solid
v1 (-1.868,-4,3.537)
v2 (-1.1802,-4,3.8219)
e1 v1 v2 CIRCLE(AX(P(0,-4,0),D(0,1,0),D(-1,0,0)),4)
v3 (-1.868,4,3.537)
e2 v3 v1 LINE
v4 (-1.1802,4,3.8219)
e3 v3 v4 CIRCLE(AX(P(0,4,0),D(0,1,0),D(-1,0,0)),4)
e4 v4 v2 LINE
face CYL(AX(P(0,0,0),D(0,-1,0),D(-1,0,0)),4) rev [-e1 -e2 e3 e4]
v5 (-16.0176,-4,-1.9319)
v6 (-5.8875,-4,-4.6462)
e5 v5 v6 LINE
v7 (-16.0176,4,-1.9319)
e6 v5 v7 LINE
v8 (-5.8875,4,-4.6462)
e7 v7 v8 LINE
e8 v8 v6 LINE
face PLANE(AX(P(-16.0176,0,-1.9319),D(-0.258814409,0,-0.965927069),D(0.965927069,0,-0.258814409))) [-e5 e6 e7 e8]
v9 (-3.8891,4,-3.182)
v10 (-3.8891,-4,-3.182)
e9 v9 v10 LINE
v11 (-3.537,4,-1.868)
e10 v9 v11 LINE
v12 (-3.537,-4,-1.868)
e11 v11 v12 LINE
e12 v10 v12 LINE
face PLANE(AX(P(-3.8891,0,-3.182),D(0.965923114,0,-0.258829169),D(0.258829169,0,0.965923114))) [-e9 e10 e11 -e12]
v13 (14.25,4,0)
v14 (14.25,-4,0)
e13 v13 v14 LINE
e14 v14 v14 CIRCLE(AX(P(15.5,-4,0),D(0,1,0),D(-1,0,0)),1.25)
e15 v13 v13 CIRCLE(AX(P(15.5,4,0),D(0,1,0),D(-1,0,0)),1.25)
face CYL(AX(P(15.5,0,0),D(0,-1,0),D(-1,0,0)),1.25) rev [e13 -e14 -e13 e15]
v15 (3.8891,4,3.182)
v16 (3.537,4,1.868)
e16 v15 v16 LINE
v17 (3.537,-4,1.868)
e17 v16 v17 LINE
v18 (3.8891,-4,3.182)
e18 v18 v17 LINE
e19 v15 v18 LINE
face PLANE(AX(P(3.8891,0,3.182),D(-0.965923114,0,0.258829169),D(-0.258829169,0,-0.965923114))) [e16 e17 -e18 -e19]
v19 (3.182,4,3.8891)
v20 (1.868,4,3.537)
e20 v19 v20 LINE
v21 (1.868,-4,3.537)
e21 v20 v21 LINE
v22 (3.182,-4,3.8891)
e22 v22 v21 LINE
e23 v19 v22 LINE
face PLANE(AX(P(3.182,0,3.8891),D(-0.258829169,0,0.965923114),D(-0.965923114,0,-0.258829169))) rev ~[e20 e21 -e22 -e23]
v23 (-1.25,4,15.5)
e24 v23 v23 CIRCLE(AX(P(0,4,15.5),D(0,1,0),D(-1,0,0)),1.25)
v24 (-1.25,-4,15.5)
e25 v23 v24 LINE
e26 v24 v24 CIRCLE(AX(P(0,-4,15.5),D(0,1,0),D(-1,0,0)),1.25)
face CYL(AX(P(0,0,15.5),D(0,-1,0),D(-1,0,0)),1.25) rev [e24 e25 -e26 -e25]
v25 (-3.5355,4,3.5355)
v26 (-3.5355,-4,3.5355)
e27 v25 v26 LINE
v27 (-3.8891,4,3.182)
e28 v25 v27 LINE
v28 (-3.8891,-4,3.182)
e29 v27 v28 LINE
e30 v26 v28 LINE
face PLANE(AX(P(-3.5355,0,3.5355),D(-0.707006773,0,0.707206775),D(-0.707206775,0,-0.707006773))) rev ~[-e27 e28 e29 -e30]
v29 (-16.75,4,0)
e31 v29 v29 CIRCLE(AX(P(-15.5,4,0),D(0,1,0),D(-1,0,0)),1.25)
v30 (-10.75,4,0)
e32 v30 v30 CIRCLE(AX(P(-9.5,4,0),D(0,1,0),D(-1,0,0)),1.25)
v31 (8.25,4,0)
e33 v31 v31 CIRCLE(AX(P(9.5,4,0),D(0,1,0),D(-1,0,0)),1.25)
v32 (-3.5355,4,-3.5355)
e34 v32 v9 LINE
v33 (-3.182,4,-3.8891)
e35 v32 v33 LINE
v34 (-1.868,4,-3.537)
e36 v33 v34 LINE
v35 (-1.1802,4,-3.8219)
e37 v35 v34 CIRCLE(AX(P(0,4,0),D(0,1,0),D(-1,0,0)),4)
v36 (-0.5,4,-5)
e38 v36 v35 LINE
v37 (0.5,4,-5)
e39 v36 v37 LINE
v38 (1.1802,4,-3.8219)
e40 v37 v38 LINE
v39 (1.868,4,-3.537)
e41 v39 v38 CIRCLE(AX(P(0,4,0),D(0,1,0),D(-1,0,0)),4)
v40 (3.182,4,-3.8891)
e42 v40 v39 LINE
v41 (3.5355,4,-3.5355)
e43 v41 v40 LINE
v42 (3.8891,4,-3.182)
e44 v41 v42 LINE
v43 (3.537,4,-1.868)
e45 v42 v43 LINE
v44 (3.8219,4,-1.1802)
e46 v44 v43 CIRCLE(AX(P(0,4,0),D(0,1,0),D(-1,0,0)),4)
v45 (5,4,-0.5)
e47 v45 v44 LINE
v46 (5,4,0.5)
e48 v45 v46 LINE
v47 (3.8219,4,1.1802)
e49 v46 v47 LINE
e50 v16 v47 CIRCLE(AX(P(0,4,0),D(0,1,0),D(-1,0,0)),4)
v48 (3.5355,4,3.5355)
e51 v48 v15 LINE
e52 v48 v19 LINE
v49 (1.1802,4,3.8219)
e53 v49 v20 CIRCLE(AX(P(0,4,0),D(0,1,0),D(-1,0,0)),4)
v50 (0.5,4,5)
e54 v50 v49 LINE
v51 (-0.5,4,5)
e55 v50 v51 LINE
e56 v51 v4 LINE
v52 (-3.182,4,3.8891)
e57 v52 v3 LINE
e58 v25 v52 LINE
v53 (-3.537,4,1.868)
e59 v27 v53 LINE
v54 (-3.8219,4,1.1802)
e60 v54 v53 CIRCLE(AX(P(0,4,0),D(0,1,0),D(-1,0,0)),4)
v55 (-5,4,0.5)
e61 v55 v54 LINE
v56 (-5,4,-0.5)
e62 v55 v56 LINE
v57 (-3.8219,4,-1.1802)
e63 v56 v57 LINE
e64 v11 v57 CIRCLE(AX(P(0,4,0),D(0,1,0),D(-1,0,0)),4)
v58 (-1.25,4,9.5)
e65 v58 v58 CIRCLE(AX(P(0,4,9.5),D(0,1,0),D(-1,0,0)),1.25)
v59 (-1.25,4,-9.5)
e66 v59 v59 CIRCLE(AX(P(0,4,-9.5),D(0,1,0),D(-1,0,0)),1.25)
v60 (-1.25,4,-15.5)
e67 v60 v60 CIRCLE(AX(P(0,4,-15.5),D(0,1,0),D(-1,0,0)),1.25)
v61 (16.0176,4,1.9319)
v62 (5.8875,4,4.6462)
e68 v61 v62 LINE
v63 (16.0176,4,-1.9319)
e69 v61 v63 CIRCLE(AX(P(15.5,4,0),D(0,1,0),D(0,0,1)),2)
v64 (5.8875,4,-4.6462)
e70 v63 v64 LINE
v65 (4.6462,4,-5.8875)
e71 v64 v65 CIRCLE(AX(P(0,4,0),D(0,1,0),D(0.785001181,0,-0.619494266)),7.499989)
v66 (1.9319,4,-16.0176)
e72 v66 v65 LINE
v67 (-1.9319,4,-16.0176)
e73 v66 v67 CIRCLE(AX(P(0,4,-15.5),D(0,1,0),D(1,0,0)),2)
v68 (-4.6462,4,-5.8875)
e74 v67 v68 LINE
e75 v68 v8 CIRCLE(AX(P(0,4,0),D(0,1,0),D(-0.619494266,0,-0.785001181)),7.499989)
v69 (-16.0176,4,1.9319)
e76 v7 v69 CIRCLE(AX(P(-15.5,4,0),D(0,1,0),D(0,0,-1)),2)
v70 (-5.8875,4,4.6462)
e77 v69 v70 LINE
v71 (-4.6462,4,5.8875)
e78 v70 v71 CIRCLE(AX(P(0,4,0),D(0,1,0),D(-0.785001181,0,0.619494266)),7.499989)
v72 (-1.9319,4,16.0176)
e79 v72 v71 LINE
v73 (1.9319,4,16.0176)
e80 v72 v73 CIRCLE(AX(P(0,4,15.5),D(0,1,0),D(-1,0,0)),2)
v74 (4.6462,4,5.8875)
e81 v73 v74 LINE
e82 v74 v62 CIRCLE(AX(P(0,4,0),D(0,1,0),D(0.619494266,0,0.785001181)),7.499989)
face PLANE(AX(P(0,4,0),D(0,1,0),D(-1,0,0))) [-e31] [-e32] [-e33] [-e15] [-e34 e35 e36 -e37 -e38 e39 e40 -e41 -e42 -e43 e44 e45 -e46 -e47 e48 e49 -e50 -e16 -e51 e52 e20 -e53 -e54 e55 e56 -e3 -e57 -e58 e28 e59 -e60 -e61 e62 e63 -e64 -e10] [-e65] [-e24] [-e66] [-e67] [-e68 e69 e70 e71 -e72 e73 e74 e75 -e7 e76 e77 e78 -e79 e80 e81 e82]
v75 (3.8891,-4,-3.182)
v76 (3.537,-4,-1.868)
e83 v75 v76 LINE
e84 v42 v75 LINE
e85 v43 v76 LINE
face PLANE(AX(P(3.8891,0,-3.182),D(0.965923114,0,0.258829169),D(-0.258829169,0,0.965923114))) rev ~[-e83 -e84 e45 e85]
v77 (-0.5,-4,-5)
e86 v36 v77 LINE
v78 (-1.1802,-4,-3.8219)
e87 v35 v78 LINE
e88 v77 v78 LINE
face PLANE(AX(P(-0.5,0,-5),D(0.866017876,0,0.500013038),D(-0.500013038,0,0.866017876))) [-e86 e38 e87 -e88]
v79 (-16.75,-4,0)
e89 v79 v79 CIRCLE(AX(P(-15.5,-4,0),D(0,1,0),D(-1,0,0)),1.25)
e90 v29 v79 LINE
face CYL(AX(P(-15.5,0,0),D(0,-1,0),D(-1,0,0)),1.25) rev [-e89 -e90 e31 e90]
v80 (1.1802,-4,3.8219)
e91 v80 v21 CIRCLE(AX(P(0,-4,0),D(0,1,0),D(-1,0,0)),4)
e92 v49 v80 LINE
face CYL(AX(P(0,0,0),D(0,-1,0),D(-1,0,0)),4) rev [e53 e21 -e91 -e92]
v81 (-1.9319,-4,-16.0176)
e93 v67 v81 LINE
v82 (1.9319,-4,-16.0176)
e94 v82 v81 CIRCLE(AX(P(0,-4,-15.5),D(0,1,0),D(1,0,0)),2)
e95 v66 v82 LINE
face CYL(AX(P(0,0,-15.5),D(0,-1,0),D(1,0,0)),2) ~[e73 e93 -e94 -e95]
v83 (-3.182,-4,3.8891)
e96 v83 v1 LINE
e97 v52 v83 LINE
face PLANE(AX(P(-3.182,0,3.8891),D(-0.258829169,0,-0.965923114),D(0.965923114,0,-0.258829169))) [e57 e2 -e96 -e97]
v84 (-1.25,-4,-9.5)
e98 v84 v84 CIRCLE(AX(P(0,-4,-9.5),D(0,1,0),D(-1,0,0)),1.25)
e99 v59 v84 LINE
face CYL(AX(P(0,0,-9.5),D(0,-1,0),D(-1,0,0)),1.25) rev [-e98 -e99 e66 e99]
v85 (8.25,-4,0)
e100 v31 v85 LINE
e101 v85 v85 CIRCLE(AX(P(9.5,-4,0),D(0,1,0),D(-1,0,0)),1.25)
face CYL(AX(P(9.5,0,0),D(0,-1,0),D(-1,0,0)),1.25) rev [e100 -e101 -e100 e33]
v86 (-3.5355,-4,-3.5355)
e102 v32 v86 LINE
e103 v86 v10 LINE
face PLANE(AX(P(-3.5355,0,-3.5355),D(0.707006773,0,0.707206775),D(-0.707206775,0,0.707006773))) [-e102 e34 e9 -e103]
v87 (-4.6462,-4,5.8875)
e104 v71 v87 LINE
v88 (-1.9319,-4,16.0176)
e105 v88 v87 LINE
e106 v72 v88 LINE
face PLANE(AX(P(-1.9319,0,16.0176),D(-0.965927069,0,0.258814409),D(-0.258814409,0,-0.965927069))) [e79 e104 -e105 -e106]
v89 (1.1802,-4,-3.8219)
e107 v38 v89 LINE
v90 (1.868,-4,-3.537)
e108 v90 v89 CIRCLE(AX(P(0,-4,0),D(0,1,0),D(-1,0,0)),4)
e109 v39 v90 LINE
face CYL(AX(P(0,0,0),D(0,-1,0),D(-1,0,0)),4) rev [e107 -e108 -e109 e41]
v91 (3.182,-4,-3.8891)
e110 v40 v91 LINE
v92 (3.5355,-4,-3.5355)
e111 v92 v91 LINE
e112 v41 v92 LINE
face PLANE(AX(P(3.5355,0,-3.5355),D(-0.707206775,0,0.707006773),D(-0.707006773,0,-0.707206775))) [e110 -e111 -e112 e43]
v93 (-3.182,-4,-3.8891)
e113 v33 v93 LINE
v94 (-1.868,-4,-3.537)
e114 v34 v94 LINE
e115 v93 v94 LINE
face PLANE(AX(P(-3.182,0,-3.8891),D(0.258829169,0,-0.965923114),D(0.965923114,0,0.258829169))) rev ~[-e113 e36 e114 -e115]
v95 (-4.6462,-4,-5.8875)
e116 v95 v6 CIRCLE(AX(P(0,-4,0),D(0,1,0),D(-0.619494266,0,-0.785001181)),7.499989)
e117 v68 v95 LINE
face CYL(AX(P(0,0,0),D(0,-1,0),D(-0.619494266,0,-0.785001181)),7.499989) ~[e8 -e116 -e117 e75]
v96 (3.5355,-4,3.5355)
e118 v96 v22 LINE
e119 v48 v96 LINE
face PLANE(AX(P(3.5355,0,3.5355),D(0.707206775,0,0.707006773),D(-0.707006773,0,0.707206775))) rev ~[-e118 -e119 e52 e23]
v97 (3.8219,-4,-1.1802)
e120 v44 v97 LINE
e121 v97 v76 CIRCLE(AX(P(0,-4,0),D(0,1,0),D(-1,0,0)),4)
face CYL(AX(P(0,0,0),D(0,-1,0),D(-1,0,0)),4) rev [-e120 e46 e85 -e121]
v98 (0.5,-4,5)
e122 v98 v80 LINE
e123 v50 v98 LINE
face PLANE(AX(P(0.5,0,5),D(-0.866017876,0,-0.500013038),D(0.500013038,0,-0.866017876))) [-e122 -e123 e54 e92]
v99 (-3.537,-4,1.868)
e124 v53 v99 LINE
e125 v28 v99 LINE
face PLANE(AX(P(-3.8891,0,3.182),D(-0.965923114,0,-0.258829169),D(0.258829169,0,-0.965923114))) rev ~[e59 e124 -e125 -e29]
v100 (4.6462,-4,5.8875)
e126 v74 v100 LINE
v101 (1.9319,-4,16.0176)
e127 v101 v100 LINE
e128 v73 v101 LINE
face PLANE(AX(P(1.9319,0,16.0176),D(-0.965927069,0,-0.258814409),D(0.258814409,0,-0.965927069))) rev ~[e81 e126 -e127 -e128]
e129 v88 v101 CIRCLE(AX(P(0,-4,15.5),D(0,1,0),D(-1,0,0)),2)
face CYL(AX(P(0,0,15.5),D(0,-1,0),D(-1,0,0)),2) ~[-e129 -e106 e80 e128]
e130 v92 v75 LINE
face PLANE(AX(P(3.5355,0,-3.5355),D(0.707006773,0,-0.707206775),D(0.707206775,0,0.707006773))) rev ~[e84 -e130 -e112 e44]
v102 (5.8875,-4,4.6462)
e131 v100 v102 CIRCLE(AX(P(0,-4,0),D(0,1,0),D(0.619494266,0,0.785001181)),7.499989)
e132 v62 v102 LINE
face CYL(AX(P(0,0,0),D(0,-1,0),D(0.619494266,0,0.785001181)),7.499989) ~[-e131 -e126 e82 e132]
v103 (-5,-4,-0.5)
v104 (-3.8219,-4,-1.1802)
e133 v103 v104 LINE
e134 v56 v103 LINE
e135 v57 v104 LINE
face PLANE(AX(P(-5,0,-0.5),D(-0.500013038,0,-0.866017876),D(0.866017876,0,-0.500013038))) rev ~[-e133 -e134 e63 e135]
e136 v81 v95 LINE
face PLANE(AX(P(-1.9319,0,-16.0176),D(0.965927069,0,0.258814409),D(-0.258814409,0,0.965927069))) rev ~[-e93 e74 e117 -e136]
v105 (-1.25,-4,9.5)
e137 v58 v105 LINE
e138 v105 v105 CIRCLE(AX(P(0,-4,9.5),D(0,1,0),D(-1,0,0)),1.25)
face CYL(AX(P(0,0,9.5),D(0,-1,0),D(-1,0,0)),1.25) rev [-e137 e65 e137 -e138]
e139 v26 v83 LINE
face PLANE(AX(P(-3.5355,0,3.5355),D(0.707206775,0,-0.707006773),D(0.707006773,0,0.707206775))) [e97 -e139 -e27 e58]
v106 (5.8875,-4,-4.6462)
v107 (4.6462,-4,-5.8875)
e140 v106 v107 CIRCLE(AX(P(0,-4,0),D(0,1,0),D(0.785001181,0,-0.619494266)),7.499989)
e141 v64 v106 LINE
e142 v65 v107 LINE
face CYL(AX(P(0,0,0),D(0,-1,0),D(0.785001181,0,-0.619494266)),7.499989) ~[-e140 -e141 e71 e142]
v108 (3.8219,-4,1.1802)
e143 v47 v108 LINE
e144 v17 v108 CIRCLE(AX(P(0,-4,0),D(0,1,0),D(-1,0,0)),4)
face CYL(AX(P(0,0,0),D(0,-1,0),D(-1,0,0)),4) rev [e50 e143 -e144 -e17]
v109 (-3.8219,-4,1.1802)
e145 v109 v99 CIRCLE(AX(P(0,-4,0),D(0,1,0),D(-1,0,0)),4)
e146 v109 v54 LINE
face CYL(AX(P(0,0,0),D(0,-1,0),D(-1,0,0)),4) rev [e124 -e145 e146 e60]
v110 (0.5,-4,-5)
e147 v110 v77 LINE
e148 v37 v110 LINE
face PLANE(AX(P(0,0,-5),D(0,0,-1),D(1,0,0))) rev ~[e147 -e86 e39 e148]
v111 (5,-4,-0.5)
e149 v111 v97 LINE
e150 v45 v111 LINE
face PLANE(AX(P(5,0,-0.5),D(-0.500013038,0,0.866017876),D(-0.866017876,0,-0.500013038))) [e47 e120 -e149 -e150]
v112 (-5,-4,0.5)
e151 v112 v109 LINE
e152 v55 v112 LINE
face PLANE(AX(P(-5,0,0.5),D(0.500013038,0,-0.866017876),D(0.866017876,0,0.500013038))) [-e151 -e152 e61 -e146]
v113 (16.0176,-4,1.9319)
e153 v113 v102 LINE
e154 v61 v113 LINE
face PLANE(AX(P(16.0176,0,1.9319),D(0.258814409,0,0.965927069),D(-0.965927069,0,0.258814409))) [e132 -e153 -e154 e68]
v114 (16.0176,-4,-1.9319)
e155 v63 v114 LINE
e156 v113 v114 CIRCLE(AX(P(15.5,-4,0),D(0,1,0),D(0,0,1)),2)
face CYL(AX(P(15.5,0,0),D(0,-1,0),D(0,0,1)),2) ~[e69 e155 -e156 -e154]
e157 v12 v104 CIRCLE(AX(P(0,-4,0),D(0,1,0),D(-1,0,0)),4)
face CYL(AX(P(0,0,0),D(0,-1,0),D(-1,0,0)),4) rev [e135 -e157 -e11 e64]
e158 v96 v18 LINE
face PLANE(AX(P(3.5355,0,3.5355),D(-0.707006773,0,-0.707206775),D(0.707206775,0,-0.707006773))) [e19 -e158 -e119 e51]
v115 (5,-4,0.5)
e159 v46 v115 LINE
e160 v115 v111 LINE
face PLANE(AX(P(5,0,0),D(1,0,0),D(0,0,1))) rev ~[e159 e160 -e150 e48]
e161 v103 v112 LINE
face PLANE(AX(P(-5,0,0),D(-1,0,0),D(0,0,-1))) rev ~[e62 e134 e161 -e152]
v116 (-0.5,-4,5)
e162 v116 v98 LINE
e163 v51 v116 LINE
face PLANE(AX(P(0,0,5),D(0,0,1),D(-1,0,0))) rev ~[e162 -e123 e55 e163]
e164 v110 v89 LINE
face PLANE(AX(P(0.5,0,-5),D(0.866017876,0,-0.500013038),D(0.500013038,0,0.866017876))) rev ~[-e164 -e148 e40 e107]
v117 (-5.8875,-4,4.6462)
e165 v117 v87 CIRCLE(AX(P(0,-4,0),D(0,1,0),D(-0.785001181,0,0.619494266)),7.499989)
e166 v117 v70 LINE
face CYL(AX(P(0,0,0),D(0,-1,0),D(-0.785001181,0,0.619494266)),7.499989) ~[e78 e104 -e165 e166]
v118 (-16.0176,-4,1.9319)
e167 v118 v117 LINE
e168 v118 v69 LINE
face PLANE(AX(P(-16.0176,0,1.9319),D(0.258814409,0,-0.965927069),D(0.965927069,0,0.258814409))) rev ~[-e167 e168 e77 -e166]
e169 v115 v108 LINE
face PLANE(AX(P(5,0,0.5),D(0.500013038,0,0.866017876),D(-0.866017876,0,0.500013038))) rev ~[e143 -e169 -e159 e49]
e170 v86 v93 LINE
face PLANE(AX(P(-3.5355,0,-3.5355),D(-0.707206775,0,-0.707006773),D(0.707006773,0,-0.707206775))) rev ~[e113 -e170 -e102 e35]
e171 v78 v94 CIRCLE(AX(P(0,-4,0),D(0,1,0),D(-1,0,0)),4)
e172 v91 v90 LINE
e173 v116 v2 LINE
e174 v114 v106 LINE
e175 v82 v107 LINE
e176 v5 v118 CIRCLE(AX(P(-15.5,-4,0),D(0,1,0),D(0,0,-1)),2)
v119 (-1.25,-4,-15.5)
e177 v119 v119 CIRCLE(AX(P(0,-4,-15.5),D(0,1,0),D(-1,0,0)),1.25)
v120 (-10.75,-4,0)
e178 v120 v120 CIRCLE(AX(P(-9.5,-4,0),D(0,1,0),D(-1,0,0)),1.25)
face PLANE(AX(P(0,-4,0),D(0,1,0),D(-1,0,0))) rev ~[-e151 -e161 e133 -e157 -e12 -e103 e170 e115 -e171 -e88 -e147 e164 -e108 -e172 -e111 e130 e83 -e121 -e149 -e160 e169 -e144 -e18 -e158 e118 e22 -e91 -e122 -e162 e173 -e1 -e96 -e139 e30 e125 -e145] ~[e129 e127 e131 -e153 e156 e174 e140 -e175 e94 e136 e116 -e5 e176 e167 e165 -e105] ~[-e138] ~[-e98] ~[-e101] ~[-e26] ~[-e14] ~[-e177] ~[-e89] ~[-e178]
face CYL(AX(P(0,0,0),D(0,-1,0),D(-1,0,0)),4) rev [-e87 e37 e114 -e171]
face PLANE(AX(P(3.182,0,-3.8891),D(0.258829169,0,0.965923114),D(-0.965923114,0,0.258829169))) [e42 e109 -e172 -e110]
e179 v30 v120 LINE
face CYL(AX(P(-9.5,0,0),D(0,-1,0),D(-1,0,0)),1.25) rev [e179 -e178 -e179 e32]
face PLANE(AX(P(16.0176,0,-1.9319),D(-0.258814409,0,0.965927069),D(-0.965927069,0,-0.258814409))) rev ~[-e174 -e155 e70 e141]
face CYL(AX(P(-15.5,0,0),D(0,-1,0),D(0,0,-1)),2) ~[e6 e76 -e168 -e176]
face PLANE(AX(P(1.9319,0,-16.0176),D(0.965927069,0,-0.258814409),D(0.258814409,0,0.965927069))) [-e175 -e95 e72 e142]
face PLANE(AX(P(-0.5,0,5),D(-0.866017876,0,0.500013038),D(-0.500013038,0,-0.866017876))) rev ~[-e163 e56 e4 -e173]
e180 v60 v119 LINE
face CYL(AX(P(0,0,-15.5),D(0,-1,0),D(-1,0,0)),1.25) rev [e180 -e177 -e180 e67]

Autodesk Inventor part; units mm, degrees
ref_plane "YZ Plane" through (0, 0, 0) normal (1, 0, 0) x (0, 1, 0)
ref_plane "XZ Plane" through (0, 0, 0) normal (0, 1, 0) x (-1, 0, 0)
ref_plane "XY Plane" through (0, 0, 0) normal (0, 0, 1) x (1, 0, 0)
sketch "Sketch1" plane through (0, 0, 0) normal (0, 1, 0) x (-1, 0, 0)
  circle A0 centre (0, 0) radius 4
  line L0 (4, 0) -> (5, 0) construction
  line L1 (5, 0) -> (5, -0.5)
  line L2 (5, -0.5) -> (3.8219, -1.1802)
  line L3 (5, 0) -> (5, 0.5)
  line L4 (5, 0.5) -> (3.8219, 1.1802)
  line L5 (3.8891, 3.182) -> (3.537, 1.868)
  line L6 (3.5355, 3.5355) -> (3.8891, 3.182)
  line L7 (3.5355, 3.5355) -> (3.182, 3.8891)
  line L8 (3.182, 3.8891) -> (1.868, 3.537)
  line L9 (0.5, 5) -> (1.1802, 3.8219)
  line L10 (0, 5) -> (0.5, 5)
  line L11 (0, 5) -> (-0.5, 5)
  line L12 (-0.5, 5) -> (-1.1802, 3.8219)
  line L13 (-3.182, 3.8891) -> (-1.868, 3.537)
  line L14 (-3.5355, 3.5355) -> (-3.182, 3.8891)
  line L15 (-3.5355, 3.5355) -> (-3.8891, 3.182)
  line L16 (-3.8891, 3.182) -> (-3.537, 1.868)
  line L17 (-5, 0.5) -> (-3.8219, 1.1802)
  line L18 (-5, 0) -> (-5, 0.5)
  line L19 (-5, 0) -> (-5, -0.5)
  line L20 (-5, -0.5) -> (-3.8219, -1.1802)
  line L21 (-3.8891, -3.182) -> (-3.537, -1.868)
  line L22 (-3.5355, -3.5355) -> (-3.8891, -3.182)
  line L23 (-3.5355, -3.5355) -> (-3.182, -3.8891)
  line L24 (-3.182, -3.8891) -> (-1.868, -3.537)
  line L25 (-0.5, -5) -> (-1.1802, -3.8219)
  line L26 (0, -5) -> (-0.5, -5)
  line L27 (0, -5) -> (0.5, -5)
  line L28 (0.5, -5) -> (1.1802, -3.8219)
  line L29 (3.182, -3.8891) -> (1.868, -3.537)
  line L30 (3.5355, -3.5355) -> (3.182, -3.8891)
  line L31 (3.5355, -3.5355) -> (3.8891, -3.182)
  line L32 (3.8891, -3.182) -> (3.537, -1.868)
  circle A1 centre (0, 0) radius 17.5 construction
  arc A2 (15.5, -2) -> (15.5, 2) centre (15.5, 0) ccw
  line L33 (15.5, 2) -> (0, 2) construction
  line L34 (15.5, -2) -> (0, -2) construction
  line L35 (16.0176, 1.9319) -> (5.8875, 4.6462)
  line L36 (20.0758, 0) -> (0, 0) construction
  line L37 (16.0176, -1.9319) -> (5.8875, -4.6462)
  line L38 (-1.9319, 16.0176) -> (-4.6462, 5.8875)
  line L39 (1.9319, 16.0176) -> (4.6462, 5.8875)
  arc A3 (2, 15.5) -> (-2, 15.5) centre (0, 15.5) ccw
  line L40 (-16.0176, -1.9319) -> (-5.8875, -4.6462)
  line L41 (-16.0176, 1.9319) -> (-5.8875, 4.6462)
  arc A4 (-15.5, 2) -> (-15.5, -2) centre (-15.5, 0) ccw
  line L42 (1.9319, -16.0176) -> (4.6462, -5.8875)
  line L43 (-1.9319, -16.0176) -> (-4.6462, -5.8875)
  arc A5 (-2, -15.5) -> (2, -15.5) centre (0, -15.5) ccw
  arc A6 (5.8875, 4.6462) -> (4.6462, 5.8875) centre (0, 0) ccw
  arc A7 (-4.6462, 5.8875) -> (-5.8875, 4.6462) centre (0, 0) ccw
  arc A8 (-5.8875, -4.6462) -> (-4.6462, -5.8875) centre (0, 0) ccw
  arc A9 (4.6462, -5.8875) -> (5.8875, -4.6462) centre (0, 0) ccw
  circle A10 centre (0, 15.5) radius 1.25
  circle A11 centre (0, 9.5) radius 1.25
  circle A12 centre (-9.5, 0) radius 1.25
  circle A13 centre (-15.5, 0) radius 1.25
  circle A14 centre (0, -9.5) radius 1.25
  circle A15 centre (0, -15.5) radius 1.25
  circle A16 centre (9.5, 0) radius 1.25
  circle A17 centre (15.5, 0) radius 1.25
  point P0 (-3.8219, -1.1802)
  point P1 (-3.8219, 1.1802)
  dimension "d0" = 8
  dimension "d1" = 120
  dimension "d2" = 1
  dimension "d3" = 0.5
  dimension "d4" = 5
  dimension "d7" = 360
  dimension "d9" = 35
  dimension "d11" = 4
  dimension "d14" = 15
  dimension "d15" = 0
  dimension "d18" = 360
  dimension "d20" = 7.5
  dimension "d21" = 0.8157
  dimension "d22" = 4.0798
  dimension "d23" = 7.9436
  dimension "d24" = 2.5
  dimension "d25" = 2.5
  dimension "d26" = 6
  dimension "d27" = 9.5
  dimension "d30" = 360
extrude "Extrusion1" add sketch "Sketch1" along normal mid plane 8
thread "Thread1" size "M2.5x0.45" class "6H" standard "ANSI Metric M Profile" full length
thread "Thread2" size "M2.5x0.45" class "6H" standard "ANSI Metric M Profile" full length
thread "Thread3" size "M2.5x0.45" class "6H" standard "ANSI Metric M Profile" full length
thread "Thread4" size "M2.5x0.45" class "6H" standard "ANSI Metric M Profile" full length
thread "Thread5" size "M2.5x0.45" class "6H" standard "ANSI Metric M Profile" full length
thread "Thread6" size "M2.5x0.45" class "6H" standard "ANSI Metric M Profile" full length
thread "Thread7" size "M2.5x0.45" class "6H" standard "ANSI Metric M Profile" full length
thread "Thread8" size "M2.5x0.45" class "6H" standard "ANSI Metric M Profile" full length
thread "Thread9" size "M2.5x0.45" class "6H" standard "ANSI Metric M Profile" full length
properties part number "servo horn" material "Titanium"
